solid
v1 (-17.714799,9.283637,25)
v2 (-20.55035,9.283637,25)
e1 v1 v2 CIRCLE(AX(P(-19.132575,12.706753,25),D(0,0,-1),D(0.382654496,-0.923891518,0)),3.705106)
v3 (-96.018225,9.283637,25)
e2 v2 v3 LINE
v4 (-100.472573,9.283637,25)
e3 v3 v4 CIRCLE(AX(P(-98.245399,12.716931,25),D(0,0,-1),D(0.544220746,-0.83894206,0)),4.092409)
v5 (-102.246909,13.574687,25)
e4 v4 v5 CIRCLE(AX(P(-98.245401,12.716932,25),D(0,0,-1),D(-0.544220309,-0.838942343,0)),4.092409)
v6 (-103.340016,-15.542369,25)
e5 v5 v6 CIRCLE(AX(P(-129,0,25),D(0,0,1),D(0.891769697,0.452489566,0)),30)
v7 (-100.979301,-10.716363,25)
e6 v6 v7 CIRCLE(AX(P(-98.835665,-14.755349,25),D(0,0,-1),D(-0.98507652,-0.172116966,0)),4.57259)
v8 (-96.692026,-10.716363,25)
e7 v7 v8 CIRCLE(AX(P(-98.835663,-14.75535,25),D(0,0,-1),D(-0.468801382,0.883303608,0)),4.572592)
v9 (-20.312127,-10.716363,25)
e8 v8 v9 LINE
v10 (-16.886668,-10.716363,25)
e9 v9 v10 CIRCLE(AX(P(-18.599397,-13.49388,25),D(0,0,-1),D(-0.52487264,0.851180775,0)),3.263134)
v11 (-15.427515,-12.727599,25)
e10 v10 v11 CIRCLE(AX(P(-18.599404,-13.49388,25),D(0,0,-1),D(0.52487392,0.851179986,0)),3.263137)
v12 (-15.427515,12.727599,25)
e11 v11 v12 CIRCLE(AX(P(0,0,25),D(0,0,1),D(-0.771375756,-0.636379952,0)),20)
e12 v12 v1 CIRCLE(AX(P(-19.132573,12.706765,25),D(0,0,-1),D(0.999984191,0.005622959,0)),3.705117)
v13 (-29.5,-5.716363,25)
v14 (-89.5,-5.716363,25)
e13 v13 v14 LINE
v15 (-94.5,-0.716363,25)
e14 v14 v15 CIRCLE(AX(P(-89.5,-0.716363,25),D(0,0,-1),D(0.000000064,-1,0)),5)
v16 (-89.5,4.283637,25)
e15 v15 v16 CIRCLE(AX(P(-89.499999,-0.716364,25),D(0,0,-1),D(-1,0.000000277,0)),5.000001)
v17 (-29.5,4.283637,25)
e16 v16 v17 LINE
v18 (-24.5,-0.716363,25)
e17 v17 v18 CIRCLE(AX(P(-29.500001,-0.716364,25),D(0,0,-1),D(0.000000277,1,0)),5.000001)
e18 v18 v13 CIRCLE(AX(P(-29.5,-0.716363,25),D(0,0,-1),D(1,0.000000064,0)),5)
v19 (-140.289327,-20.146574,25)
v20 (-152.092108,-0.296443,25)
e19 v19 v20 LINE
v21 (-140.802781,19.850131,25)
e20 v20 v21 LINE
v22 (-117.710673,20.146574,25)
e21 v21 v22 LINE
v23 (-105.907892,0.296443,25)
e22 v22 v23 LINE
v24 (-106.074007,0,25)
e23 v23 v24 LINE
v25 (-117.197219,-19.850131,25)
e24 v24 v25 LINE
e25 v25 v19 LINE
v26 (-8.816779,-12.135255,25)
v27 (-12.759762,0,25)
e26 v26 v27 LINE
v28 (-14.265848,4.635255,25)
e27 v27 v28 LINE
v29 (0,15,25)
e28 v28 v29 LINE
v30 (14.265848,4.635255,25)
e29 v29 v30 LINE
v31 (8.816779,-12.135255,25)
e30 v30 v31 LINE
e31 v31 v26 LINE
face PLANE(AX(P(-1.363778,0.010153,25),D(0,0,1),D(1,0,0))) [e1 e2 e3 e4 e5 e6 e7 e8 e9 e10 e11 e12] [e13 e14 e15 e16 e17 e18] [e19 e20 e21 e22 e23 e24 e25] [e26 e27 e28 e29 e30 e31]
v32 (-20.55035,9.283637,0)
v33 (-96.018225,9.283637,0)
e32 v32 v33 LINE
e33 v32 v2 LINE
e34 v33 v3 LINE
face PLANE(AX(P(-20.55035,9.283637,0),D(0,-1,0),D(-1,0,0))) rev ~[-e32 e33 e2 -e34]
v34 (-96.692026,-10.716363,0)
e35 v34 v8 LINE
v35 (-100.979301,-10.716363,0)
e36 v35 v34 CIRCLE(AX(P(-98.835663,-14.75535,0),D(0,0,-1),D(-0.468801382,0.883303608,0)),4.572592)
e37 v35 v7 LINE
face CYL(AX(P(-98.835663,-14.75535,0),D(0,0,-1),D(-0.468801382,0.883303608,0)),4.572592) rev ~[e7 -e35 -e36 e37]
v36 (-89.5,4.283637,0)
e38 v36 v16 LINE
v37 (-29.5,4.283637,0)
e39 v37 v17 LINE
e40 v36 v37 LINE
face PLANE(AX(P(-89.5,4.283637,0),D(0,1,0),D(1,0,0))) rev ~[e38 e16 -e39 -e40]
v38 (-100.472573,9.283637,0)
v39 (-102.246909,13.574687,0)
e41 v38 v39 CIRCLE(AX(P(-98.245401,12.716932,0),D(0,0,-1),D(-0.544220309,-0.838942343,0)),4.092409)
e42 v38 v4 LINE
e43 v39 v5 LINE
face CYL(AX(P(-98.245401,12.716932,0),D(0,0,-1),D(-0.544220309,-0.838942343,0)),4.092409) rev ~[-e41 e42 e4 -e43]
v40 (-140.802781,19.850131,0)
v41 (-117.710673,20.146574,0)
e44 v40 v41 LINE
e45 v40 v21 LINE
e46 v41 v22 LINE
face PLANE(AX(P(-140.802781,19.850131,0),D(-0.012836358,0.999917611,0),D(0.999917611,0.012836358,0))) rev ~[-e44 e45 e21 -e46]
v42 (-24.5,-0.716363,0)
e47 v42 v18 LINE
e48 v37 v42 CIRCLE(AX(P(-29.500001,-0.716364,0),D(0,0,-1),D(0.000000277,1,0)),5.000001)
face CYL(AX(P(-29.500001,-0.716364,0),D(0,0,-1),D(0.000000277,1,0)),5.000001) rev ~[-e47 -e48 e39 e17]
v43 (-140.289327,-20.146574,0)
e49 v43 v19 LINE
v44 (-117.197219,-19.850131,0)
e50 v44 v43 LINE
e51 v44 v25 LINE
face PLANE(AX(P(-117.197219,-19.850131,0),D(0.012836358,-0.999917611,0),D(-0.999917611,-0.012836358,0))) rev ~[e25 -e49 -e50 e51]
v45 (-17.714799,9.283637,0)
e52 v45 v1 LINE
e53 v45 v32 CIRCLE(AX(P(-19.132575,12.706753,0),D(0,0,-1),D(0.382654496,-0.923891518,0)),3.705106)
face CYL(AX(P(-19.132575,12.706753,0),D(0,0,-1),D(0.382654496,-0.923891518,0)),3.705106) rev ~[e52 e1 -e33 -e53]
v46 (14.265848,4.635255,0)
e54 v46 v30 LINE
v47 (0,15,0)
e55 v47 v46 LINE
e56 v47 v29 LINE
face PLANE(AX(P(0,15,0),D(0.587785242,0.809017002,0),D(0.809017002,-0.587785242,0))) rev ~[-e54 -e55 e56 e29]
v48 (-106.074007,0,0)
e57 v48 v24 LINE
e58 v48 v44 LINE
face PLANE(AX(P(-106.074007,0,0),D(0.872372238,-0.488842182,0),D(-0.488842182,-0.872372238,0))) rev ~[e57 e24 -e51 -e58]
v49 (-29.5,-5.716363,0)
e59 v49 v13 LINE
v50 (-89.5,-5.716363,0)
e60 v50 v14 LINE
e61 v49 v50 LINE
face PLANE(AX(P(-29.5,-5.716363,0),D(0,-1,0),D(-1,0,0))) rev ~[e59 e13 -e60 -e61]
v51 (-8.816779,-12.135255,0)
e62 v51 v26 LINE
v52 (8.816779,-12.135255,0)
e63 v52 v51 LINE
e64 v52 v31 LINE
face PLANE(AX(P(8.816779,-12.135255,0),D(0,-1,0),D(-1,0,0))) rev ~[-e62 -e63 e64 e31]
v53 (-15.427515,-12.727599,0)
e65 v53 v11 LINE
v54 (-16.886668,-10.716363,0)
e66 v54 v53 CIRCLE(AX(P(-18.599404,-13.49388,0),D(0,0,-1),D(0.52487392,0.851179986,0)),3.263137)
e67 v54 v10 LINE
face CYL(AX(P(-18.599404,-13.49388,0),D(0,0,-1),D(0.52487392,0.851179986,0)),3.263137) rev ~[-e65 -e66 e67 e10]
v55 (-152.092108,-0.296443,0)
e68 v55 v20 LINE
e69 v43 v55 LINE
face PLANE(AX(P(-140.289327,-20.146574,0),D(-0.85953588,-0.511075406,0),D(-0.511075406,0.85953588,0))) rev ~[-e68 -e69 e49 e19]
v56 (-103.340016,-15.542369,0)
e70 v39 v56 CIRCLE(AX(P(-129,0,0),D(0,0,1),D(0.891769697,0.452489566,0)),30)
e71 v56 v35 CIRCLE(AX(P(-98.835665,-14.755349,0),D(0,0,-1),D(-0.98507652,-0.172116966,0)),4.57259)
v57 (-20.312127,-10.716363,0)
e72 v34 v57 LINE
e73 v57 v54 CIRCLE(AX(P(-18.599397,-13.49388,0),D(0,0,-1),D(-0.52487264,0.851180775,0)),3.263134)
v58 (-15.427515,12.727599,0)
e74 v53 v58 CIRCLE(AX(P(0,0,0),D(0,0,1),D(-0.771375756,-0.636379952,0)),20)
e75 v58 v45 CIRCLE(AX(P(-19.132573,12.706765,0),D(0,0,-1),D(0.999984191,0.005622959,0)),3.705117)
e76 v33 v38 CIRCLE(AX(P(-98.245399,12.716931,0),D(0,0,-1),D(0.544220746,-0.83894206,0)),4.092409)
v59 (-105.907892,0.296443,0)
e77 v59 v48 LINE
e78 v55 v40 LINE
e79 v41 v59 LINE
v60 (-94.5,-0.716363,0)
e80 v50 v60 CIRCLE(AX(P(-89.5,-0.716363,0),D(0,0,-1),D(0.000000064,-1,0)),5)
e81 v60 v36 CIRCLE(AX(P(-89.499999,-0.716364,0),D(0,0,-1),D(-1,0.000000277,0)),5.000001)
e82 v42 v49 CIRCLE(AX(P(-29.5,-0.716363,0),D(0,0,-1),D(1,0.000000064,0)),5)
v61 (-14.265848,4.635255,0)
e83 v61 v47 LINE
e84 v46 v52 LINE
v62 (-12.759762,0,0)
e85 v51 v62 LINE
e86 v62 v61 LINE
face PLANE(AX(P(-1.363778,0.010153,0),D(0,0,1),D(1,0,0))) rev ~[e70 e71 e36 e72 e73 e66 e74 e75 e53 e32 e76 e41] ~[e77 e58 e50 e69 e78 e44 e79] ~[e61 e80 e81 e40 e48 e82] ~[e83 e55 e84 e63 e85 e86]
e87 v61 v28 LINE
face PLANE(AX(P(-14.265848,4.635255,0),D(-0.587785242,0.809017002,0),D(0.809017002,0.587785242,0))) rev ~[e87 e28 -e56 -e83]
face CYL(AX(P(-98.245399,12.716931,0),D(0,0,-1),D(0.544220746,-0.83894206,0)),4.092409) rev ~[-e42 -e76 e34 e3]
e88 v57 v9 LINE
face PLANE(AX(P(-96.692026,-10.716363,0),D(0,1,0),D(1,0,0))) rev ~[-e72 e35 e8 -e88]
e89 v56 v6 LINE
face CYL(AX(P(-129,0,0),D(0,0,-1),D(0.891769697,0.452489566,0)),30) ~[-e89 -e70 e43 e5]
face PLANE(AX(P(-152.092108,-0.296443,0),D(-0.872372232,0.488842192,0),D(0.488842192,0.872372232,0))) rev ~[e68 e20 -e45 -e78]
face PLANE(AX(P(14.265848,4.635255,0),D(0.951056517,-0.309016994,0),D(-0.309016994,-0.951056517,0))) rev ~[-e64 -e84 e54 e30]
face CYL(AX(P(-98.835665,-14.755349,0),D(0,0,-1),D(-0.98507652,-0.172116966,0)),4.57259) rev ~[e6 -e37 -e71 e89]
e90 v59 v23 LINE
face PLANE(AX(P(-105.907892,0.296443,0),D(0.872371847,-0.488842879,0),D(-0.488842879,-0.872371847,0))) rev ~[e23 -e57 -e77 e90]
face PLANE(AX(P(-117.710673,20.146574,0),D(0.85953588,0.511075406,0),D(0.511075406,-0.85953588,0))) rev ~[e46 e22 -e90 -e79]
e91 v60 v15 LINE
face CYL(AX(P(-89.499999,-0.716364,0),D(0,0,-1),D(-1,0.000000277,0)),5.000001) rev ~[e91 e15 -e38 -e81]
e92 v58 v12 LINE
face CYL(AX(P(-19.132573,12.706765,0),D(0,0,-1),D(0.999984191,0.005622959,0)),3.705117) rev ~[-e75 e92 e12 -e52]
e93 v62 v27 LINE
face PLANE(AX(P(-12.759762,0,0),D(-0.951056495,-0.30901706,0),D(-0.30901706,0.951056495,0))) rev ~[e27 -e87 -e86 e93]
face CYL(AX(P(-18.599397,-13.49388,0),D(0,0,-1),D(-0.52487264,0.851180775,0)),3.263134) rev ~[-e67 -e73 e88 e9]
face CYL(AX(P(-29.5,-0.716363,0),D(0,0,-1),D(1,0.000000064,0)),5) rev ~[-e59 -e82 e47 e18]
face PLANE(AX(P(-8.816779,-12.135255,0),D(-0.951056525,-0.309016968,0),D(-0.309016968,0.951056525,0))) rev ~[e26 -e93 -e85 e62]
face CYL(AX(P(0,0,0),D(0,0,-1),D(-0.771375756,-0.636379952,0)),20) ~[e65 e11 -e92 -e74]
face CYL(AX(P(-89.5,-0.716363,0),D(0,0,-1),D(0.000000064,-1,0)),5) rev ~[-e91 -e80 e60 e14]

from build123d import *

# Parameters (mm, degrees)
F1_DEPTH = 25


with BuildPart() as f1:
    # F0 (on Top) → F1 (new body)
    with BuildSketch(Plane.XY):
        with BuildLine():
            ThreePointArc((-15.427515, 12.727599), (-16.04614, 10.656931), (-17.714799, 9.283637))
            ThreePointArc((-17.714799, 9.283637), (-19.982877, -0.827422), (-16.886668, -10.716363))
            ThreePointArc((-16.886668, -10.716363), (-15.958162, -11.577658), (-15.427515, -12.727599))
            ThreePointArc((-15.427515, -12.727599), (20, 0), (-15.427515, 12.727599))
        make_face()
        Polygon((-14.265848, 4.635255), (0, 15), (14.265848, 4.635255), (8.816779, -12.135255), (-8.816779, -12.135255), (-12.759762, 0), align=None, mode=Mode.SUBTRACT)
        with BuildLine():
            ThreePointArc((-96.018225, 9.283637), (-98.245399, 8.624522), (-100.472573, 9.283637))
            ThreePointArc((-100.472573, 9.283637), (-99.009624, -0.759849), (-100.979301, -10.716363))
            ThreePointArc((-100.979301, -10.716363), (-98.835663, -10.182758), (-96.692026, -10.716363))
            Line((-96.692026, -10.716363), (-20.312127, -10.716363))
            ThreePointArc((-20.312127, -10.716363), (-18.599397, -10.230746), (-16.886668, -10.716363))
            ThreePointArc((-16.886668, -10.716363), (-19.982877, -0.827422), (-17.714799, 9.283637))
            ThreePointArc((-17.714799, 9.283637), (-19.132574, 9.001647), (-20.55035, 9.283637))
            Line((-20.55035, 9.283637), (-96.018225, 9.283637))
        make_face()
        with BuildLine():
            ThreePointArc((-94.5, -0.716363), (-93.035534, 2.81917), (-89.5, 4.283637))
            Line((-89.5, 4.283637), (-29.5, 4.283637))
            ThreePointArc((-29.5, 4.283637), (-25.964466, 2.81917), (-24.5, -0.716363))
            ThreePointArc((-24.5, -0.716363), (-25.964466, -4.251897), (-29.5, -5.716363))
            Line((-29.5, -5.716363), (-89.5, -5.716363))
            ThreePointArc((-89.5, -5.716363), (-93.035534, -4.251897), (-94.5, -0.716363))
        make_face(mode=Mode.SUBTRACT)
        with BuildLine():
            ThreePointArc((-100.472573, 9.283637), (-102.027251, 11.153148), (-102.246909, 13.574687))
            ThreePointArc((-102.246909, 13.574687), (-158.978882, 1.125462), (-103.340016, -15.542369))
            ThreePointArc((-103.340016, -15.542369), (-102.94316, -12.746104), (-100.979301, -10.716363))
            ThreePointArc((-100.979301, -10.716363), (-99.009624, -0.759849), (-100.472573, 9.283637))
        make_face()
        Polygon((-140.802781, 19.850131), (-117.710673, 20.146574), (-105.907892, 0.296443), (-106.074007, 0), (-117.197219, -19.850131), (-140.289327, -20.146574), (-152.092108, -0.296443), align=None, mode=Mode.SUBTRACT)
    extrude(amount=F1_DEPTH)


solid = f1.part
